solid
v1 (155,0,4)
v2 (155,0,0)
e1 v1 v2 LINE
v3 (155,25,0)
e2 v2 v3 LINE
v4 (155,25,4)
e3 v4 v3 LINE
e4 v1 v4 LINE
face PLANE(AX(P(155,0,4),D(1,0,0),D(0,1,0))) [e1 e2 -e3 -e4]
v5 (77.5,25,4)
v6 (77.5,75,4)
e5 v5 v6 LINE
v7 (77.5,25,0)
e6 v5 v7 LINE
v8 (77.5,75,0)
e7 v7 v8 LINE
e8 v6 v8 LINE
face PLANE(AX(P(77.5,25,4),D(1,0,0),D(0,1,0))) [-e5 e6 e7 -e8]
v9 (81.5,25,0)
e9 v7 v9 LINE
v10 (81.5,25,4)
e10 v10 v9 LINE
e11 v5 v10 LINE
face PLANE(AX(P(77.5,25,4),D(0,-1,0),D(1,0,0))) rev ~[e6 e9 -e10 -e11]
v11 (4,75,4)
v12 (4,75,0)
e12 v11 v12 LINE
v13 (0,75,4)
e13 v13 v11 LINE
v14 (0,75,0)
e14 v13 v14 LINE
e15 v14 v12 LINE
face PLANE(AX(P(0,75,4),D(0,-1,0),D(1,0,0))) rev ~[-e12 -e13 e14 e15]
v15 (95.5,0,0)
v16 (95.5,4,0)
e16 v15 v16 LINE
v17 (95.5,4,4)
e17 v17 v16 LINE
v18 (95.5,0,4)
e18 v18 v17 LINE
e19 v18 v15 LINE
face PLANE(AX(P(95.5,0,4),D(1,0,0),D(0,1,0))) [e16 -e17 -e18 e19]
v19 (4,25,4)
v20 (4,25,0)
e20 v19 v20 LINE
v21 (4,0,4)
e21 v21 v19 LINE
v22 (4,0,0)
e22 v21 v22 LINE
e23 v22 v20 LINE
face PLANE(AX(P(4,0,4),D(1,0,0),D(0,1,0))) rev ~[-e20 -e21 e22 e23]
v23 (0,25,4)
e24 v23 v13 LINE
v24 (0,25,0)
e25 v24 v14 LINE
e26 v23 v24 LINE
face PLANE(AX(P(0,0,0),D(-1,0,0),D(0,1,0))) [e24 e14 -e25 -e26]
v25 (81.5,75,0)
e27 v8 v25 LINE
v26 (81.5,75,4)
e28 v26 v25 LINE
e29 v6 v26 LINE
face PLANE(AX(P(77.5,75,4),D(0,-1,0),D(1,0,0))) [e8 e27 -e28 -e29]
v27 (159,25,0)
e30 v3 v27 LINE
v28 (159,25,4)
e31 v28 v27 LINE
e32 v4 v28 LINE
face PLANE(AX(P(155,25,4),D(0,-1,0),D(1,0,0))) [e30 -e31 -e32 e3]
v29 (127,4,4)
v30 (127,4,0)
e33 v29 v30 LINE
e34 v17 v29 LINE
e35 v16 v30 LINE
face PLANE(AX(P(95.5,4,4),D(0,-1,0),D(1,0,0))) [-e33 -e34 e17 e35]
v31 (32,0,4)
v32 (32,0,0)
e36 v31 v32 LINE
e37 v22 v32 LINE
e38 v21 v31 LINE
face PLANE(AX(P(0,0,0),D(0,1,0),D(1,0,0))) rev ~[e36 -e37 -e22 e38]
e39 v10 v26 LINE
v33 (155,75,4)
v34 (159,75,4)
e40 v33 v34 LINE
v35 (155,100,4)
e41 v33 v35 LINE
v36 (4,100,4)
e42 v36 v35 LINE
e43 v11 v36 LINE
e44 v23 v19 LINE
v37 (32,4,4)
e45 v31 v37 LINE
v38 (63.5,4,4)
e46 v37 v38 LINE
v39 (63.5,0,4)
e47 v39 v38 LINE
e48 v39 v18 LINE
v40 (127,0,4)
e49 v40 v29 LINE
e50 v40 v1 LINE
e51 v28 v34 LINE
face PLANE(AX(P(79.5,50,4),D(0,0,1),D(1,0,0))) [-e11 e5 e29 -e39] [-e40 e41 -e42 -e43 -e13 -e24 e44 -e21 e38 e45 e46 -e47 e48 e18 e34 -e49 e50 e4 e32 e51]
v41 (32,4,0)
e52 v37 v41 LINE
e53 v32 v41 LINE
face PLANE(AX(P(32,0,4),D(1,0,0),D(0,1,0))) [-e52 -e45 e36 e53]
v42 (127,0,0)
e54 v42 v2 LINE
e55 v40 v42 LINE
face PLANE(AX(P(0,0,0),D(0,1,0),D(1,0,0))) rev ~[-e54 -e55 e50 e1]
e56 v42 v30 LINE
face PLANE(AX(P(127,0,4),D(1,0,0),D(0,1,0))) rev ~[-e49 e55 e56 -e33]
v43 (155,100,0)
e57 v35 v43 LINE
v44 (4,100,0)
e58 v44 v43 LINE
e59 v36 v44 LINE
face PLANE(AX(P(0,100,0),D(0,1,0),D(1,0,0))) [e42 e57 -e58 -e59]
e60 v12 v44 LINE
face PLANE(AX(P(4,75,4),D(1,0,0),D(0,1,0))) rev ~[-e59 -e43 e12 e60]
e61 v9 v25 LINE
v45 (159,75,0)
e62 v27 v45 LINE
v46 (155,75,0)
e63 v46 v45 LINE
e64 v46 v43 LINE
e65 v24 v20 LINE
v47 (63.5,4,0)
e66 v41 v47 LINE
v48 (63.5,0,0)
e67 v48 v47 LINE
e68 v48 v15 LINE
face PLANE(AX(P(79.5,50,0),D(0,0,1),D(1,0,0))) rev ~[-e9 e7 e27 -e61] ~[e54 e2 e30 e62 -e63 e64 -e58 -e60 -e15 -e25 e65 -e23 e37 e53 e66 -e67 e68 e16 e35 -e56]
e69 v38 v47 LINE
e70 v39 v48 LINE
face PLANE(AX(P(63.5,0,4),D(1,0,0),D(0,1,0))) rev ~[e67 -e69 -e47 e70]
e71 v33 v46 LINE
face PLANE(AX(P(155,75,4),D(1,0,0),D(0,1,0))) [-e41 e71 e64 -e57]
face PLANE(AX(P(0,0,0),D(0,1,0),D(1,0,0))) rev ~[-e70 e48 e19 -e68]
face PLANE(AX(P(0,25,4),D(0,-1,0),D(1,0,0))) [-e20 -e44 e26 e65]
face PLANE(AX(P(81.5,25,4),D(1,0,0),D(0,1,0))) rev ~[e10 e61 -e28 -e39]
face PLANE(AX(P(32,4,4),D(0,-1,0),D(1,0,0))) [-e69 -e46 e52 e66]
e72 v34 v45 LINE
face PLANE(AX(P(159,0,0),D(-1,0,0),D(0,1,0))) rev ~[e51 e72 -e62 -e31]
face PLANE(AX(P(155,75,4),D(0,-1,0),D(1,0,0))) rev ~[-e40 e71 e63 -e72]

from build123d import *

# Parameters (mm, degrees)
F0_W     = 159
F0_H     = 100
F1_DEPTH = 4
F2_W     = 31.5
F2_H     = 4
F3_DEPTH = 4
F4_W     = 4
F4_H     = 25
F5_DEPTH = 4
F6_W     = 4
F6_H     = 50
F7_DEPTH = 4


with BuildPart() as f1:
    # F0 (on Top) → F1 (new body)
    with BuildSketch(Plane.XY):
        with Locations((79.5, 50)):
            Rectangle(F0_W, F0_H)
    extrude(amount=F1_DEPTH)

    # F2 (on face) → F3 (cut, through all)
    with BuildSketch(Plane.XY.offset(4)):
        with Locations((47.75, 2)):
            Rectangle(F2_W, F2_H)
        with Locations((111.25, 2)):
            Rectangle(F2_W, F2_H)
    extrude(amount=-F3_DEPTH, mode=Mode.SUBTRACT)

    # F4 (on face) → F5 (cut, through all)
    with BuildSketch(Plane.XY.offset(4)):
        with Locations((157, 12.5)):
            Rectangle(F4_W, F4_H)
        with Locations((157, 87.5)):
            Rectangle(F4_W, F4_H)
        with Locations((2, 87.5)):
            Rectangle(F4_W, F4_H)
        with Locations((2, 12.5)):
            Rectangle(F4_W, F4_H)
    extrude(amount=-F5_DEPTH, mode=Mode.SUBTRACT)

    # F6 (on face) → F7 (cut, through all)
    with BuildSketch(Plane.XY.offset(4)):
        with Locations((79.5, 50)):
            Rectangle(F6_W, F6_H)
    extrude(amount=-F7_DEPTH, mode=Mode.SUBTRACT)


solid = f1.part
